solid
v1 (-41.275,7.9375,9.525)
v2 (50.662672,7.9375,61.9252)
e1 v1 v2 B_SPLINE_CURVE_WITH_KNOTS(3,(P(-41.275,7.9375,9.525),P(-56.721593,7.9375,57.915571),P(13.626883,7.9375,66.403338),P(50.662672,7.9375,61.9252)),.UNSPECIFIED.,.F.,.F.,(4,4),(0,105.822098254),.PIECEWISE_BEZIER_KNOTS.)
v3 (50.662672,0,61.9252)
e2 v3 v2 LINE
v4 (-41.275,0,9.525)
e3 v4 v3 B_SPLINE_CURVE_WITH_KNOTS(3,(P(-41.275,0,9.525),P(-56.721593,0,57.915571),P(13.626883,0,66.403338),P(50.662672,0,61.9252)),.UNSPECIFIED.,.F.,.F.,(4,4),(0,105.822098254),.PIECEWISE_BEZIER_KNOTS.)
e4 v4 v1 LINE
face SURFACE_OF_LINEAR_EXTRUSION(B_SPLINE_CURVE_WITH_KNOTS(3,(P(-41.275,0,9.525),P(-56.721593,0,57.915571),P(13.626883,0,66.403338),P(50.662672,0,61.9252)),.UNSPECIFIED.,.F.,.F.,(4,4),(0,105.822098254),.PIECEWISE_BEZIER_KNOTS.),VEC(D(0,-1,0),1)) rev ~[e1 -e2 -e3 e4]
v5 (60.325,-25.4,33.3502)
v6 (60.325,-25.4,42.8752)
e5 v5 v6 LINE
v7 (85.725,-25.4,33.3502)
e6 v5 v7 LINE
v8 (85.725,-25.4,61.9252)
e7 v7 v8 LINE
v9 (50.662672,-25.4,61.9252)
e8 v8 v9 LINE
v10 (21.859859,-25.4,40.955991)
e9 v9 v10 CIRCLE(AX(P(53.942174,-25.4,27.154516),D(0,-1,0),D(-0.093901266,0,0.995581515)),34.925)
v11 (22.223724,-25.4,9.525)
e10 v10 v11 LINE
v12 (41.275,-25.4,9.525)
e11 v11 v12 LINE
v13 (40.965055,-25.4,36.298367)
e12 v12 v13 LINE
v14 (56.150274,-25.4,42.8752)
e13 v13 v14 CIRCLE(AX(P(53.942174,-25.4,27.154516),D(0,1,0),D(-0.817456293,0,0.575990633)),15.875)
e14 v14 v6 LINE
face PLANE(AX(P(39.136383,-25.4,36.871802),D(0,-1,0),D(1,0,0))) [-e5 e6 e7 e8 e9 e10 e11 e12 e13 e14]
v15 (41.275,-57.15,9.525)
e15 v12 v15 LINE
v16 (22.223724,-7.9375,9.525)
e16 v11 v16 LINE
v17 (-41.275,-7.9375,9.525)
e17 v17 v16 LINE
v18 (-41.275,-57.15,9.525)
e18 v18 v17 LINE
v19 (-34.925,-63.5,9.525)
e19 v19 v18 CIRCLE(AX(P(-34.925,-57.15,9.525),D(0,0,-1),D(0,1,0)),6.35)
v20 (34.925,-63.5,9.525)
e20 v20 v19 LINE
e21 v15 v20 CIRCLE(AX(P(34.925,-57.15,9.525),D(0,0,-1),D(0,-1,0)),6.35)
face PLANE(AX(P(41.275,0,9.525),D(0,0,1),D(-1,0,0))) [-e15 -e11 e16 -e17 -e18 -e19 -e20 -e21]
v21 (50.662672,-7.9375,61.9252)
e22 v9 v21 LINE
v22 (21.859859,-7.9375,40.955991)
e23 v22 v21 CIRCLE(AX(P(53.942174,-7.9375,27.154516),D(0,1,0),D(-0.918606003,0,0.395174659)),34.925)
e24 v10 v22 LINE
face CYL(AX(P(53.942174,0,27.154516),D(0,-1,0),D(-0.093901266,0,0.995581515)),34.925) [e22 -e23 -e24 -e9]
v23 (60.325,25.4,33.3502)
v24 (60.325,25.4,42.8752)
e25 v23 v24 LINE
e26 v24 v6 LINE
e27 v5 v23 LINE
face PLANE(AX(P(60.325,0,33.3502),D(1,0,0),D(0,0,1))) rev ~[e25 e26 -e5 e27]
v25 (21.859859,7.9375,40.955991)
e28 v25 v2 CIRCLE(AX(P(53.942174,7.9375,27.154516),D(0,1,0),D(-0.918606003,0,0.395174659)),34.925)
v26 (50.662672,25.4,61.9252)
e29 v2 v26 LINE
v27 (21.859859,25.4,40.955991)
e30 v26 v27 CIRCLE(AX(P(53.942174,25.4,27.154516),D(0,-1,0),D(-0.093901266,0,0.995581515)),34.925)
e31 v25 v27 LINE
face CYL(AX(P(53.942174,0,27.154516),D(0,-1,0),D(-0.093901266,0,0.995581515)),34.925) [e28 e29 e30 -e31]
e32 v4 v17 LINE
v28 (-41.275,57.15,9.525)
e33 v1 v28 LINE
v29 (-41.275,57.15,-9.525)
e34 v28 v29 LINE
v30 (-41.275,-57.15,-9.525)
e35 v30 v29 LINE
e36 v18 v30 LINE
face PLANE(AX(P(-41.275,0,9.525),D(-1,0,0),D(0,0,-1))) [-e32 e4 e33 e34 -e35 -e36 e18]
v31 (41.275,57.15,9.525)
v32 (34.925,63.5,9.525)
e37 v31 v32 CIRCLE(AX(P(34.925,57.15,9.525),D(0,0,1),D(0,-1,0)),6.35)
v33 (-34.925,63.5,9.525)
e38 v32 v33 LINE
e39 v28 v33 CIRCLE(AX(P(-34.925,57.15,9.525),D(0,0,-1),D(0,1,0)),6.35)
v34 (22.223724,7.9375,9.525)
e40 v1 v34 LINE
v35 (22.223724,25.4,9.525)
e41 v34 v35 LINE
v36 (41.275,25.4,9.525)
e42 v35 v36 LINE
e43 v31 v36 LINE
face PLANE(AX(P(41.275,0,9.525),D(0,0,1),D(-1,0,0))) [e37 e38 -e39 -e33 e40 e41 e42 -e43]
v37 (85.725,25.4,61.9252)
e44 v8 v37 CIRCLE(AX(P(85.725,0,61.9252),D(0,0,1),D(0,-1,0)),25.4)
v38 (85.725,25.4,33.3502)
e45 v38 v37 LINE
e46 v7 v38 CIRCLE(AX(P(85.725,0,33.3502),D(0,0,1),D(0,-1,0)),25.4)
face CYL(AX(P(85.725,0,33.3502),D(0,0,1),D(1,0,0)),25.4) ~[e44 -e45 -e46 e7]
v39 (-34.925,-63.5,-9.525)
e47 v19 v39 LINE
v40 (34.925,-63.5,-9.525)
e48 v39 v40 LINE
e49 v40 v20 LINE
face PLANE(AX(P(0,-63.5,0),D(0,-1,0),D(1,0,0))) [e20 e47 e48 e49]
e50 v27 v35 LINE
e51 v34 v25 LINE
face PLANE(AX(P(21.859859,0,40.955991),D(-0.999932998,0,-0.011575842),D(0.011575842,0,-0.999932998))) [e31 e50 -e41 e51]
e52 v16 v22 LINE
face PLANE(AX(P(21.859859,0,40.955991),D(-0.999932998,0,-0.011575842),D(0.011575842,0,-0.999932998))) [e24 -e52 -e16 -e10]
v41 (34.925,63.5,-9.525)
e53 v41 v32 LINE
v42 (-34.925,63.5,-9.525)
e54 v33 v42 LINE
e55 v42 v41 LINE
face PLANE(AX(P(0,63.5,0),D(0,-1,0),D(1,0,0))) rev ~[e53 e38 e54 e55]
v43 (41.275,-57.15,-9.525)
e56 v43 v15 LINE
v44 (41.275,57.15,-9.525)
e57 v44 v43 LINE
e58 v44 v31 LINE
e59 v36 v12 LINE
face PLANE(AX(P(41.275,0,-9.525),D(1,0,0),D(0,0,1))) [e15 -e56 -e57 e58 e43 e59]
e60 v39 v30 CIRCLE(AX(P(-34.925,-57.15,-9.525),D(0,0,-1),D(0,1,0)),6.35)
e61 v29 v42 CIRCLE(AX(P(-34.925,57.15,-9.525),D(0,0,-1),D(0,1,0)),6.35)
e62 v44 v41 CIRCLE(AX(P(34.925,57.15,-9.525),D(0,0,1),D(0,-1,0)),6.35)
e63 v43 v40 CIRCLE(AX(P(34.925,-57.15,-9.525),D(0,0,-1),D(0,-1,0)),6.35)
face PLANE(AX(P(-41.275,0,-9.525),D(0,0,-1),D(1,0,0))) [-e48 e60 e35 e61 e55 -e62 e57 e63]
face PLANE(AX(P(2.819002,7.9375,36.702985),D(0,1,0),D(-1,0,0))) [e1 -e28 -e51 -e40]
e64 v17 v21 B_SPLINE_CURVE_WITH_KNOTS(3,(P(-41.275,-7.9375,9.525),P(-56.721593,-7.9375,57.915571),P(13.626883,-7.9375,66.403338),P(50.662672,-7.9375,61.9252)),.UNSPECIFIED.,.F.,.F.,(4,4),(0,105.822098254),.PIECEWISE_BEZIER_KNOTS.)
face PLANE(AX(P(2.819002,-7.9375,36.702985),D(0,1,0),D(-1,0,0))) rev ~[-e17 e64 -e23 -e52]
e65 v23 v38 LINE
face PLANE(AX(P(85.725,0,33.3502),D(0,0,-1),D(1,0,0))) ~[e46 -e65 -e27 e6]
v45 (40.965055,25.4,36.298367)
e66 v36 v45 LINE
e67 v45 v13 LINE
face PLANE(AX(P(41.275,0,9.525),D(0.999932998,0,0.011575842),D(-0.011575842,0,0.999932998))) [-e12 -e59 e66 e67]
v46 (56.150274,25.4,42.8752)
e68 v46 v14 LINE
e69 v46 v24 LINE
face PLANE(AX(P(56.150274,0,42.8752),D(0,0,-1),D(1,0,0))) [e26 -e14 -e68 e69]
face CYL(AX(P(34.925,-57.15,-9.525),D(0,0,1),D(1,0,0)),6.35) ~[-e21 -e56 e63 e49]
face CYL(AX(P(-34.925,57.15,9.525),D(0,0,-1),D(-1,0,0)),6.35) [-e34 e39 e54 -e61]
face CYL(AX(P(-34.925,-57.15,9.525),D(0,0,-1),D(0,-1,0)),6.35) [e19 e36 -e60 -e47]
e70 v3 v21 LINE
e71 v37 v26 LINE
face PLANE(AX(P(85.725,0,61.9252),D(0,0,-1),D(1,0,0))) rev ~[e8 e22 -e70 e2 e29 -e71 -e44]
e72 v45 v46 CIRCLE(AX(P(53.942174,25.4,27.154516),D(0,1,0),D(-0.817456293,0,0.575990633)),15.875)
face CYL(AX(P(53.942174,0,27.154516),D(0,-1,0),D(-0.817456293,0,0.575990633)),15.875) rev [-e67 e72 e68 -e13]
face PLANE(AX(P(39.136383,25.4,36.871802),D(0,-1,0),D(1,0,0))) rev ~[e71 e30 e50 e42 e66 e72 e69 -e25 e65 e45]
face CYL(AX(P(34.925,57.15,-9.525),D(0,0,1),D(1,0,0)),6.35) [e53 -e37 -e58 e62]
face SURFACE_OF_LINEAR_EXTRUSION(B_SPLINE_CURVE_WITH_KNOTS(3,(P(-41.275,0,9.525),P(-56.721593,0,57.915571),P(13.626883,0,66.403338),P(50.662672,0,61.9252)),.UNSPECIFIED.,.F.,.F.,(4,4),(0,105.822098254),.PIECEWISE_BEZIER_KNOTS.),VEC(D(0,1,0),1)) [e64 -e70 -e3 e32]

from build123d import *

# Parameters (mm, degrees)
F1_DEPTH = 63.5
F0_W     = 25.4
F0_H     = 19.05
F0_H_2   = 9.525
F2_DEPTH = 25.4
F3_DEPTH = 7.9375
F5_R     = 6.35


with BuildPart() as f1:
    # F0 (on Front) → F1 (new body, symmetric)
    with BuildSketch(Plane.XZ):
        Polygon((-41.275, -9.525), (41.275, -9.525), (41.275, 9.525), (22.2237235206, 9.525), (-41.275, 9.525), align=None)
    extrude(amount=F1_DEPTH, both=True)

    # F0 (on Front) → F2 (join, symmetric)
    with BuildSketch(Plane.XZ):
        with BuildLine():
            Line((22.2237235206, 9.525), (41.275, 9.525))
            Line((41.275, 9.525), (40.9650549741, 36.2983668991))
            ThreePointArc((40.9650549741, 36.2983668991), (47.6329246689, 41.7219107909), (56.1502739404, 42.8752))
            Line((56.1502739404, 42.8752), (60.325, 42.8752))
            Line((60.325, 42.8752), (60.325, 61.9252))
            Line((60.325, 61.9252), (50.6626719245, 61.9252))
            ThreePointArc((50.6626719245, 61.9252), (33.3863605767, 55.3894970066), (21.8598589674, 40.95599057))
            Line((21.8598589674, 40.95599057), (22.2237235206, 9.525))
        make_face()
        with Locations((73.025, 52.4002)):
            Rectangle(F0_W, F0_H)
        with Locations((73.025, 38.1127)):
            Rectangle(F0_W, F0_H_2)
    extrude(amount=F2_DEPTH, both=True)

    # F0 (on Front) → F3 (join, symmetric)
    with BuildSketch(Plane.XZ):
        with BuildLine():
            add(Edge.make_bspline(
                [(-41.275, 9.525), (-56.7215932498, 57.9155711565), (13.6268828042, 66.4033379321), (50.6626719245, 61.9252)],
                knots=[0, 0, 0, 0, 105.8220982543, 105.8220982543, 105.8220982543, 105.8220982543], degree=3))
            Line((-41.275, 9.525), (22.2237235206, 9.525))
            Line((22.2237235206, 9.525), (21.8598589674, 40.95599057))
            ThreePointArc((21.8598589674, 40.95599057), (33.3863605767, 55.3894970066), (50.6626719245, 61.9252))
        make_face()
    extrude(amount=F3_DEPTH, both=True)

    # F0 (on Front) → F4 (revolve)
    with BuildSketch(Plane.XZ):
        Polygon((111.125, 61.9252), (85.725, 61.9252), (85.725, 42.8752), (85.725, 33.3502), (111.125, 33.3502), align=None)
    revolve(axis=Axis((85.725, 0, 52.4002), (0, 0, -1)))

    # F5
    f5_edges = [f1.edges().sort_by_distance(p)[0] for p in [
        (41.275, 63.5, 0),
        (-41.275, 63.5, 0),
        (-41.275, -63.5, 0),
        (41.275, -63.5, 0),
    ]]
    fillet(f5_edges, radius=F5_R)


solid = f1.part
